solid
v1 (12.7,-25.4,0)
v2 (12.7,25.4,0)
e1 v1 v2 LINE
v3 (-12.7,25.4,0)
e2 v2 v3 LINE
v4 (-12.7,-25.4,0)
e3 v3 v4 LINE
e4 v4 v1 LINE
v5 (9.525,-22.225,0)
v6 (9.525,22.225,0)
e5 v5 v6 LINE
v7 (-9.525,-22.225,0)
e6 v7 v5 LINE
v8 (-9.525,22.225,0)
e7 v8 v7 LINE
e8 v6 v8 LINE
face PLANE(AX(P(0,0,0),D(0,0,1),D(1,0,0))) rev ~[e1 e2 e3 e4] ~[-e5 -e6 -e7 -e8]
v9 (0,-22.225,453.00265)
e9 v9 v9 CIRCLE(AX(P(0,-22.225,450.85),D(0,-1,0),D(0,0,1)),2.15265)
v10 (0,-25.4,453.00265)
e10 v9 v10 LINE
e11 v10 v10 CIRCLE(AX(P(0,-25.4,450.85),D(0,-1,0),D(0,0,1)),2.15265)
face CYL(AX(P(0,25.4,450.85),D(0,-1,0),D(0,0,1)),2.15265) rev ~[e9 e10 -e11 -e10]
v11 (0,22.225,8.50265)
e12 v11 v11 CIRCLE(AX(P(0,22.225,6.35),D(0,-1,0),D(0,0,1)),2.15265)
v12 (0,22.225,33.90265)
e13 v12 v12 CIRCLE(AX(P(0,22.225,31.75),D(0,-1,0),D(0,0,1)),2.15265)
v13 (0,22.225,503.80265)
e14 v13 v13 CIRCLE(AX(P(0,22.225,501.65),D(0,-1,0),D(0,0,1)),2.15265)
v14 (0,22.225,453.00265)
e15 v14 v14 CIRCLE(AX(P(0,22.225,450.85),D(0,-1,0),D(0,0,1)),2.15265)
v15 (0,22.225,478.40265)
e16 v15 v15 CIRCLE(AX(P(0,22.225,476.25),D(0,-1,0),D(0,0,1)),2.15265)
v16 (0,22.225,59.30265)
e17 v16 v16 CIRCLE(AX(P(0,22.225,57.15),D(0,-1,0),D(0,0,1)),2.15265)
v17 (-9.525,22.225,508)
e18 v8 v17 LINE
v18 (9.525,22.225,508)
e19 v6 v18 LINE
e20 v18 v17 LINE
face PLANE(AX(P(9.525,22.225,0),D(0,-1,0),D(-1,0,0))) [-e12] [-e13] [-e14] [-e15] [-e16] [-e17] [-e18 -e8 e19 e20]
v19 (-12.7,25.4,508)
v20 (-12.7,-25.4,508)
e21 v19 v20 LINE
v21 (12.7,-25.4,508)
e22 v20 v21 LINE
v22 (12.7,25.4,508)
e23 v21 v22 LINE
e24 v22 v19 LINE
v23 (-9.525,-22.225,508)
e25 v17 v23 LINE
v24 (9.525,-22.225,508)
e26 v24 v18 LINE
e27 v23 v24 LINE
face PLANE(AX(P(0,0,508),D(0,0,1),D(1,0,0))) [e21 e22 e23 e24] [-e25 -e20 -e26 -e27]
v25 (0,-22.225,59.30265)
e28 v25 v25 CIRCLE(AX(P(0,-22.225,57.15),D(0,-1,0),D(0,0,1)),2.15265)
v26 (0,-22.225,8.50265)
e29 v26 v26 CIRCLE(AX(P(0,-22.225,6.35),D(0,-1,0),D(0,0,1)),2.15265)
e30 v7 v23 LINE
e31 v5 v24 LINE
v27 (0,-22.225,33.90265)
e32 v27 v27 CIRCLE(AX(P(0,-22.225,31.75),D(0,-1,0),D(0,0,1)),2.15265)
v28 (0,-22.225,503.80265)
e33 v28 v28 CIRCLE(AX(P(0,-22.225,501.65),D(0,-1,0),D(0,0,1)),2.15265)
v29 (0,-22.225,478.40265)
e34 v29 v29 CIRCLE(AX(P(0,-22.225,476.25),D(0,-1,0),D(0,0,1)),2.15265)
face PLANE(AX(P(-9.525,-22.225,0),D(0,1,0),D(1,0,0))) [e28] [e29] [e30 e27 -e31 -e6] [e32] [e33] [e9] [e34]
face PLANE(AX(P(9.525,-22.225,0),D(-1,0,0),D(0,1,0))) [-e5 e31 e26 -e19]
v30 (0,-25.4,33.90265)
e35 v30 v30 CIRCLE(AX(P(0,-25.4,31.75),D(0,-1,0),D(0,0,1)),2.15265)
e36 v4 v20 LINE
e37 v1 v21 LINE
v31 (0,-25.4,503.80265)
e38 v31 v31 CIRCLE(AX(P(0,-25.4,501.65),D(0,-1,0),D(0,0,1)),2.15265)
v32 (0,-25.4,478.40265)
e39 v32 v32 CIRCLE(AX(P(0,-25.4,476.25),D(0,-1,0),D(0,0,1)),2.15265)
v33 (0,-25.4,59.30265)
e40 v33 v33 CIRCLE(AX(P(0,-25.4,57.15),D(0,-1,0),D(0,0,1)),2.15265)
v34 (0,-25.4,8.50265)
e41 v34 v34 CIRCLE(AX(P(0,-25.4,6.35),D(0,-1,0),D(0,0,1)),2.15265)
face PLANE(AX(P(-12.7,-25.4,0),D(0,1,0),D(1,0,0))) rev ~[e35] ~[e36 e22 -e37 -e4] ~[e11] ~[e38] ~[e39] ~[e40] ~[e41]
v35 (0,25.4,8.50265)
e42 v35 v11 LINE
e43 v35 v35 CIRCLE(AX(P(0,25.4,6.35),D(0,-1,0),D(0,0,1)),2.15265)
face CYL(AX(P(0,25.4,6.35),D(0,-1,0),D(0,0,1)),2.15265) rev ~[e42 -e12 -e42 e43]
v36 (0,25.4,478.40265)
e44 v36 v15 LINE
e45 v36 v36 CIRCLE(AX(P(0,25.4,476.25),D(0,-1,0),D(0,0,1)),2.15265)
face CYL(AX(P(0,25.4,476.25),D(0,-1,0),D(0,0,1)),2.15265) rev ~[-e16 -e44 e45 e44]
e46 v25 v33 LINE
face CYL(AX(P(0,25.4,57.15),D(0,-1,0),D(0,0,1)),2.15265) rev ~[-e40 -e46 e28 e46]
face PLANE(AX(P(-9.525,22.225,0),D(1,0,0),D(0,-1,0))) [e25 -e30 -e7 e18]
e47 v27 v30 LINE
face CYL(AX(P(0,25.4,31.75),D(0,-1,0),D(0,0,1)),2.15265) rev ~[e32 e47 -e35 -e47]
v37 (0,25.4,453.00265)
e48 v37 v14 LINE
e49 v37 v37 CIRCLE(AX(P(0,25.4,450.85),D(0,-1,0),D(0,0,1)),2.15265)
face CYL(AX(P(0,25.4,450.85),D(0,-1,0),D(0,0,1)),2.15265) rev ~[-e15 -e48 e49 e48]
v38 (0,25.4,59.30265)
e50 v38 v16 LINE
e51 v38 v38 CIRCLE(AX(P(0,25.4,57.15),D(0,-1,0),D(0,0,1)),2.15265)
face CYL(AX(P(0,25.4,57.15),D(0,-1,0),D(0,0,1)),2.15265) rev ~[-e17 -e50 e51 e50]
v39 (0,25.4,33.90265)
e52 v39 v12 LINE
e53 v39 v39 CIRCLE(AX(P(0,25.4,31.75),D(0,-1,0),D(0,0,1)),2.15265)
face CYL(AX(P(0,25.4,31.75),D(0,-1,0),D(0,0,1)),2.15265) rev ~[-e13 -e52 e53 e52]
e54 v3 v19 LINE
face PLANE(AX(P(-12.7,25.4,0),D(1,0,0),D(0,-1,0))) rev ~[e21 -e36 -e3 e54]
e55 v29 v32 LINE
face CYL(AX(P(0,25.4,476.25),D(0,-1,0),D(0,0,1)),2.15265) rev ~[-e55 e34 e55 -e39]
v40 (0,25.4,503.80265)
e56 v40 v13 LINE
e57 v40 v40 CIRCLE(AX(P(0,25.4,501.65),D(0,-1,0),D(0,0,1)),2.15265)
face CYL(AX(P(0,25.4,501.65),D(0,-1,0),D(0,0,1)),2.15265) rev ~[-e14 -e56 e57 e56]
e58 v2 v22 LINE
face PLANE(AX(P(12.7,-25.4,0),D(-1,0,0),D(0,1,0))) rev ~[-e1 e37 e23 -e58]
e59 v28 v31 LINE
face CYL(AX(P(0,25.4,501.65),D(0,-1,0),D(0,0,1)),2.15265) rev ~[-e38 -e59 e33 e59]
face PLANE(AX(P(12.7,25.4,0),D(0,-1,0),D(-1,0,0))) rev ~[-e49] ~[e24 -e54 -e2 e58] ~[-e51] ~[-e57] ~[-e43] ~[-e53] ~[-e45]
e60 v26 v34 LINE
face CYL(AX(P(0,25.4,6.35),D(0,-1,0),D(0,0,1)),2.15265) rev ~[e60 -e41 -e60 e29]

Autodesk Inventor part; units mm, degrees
ref_plane "YZ Plane" through (0, 0, 0) normal (1, 0, 0) x (0, 1, 0)
ref_plane "Start Plane" through (0, 0, 0) normal (0, 0, 1) x (1, 0, 0)
ref_plane "End Plane" through (0, 0, 508) normal (0, 0, 1) x (1, 0, 0)
sketch "Sketch" plane through (0, 0, 0) normal (0, 0, 1) x (1, 0, 0)
  line L0 (-12.7, -25.4) -> (12.7, -25.4)
  line L1 (12.7, -25.4) -> (12.7, 25.4)
  line L2 (12.7, 25.4) -> (-12.7, 25.4)
  line L3 (-12.7, 25.4) -> (-12.7, -25.4)
  line L4 (-12.7, -25.4) -> (12.7, 25.4) construction
  line L5 (12.7, -25.4) -> (-12.7, 25.4) construction
  line L6 (-9.525, -22.225) -> (9.525, -22.225)
  line L7 (9.525, -22.225) -> (9.525, 22.225)
  line L8 (9.525, 22.225) -> (-9.525, 22.225)
  line L9 (-9.525, 22.225) -> (-9.525, -22.225)
  line L10 (-9.525, -22.225) -> (9.525, 22.225) construction
  line L11 (9.525, -22.225) -> (-9.525, 22.225) construction
  point P0 (0, 0)
  dimension "d0" = 25.4
  dimension "d1" = 50.8
  dimension "d2" = 3.175
  dimension "d3" = 3.175
extrude "Body" add sketch "Sketch" along normal up to surface (508 mm away) from surface at 0
sketch "Sketch6" plane through (0, 0, 0) normal (0, 0, 1) x (1, 0, 0)
  line L0 (0, 0) -> (10, 0)
ref_plane "Work Plane5" through (0, 0, 0) normal (0, -1, 0) x (1, 0, 0)
sketch "Sketch7" plane through (0, 0, 0) normal (0, -1, 0) x (1, 0, 0)
  line L0 (-2, 0) -> (12, 0)
  line L1 (-2, 508) -> (12, 508)
  dimension "d11" = 508
sketch "Sketch8" plane through (-12.7, 25.4, 508) normal (0, 1, 0) x (1, 0, 0)
  point P0 (12.7, 508)
sketch "Sketch9" plane through (-12.7, 25.4, 508) normal (0, 1, 0) x (1, 0, 0)
  line L0 (0, 508) -> (25.4, 508) projected
  line L1 (0, 0) -> (25.4, 0) projected
  point P0 (12.7, 508)
  point P1 (12.7, 501.65)
  point P2 (12.7, 476.25)
  point P3 (12.7, 450.85)
  point P4 (12.7, 6.35)
  point P5 (12.7, 31.75)
  point P6 (12.7, 57.15)
  dimension "d16" = 6.35
  dimension "d17" = 25.4
  dimension "d18" = 25.4
  dimension "d19" = 6.35
  dimension "d20" = 25.4
  dimension "d21" = 25.4
hole "Hole1" at (0, 25.4, 501.65) at (0, 25.4, 476.25) at (0, 25.4, 450.85) at (0, 25.4, 6.35) at (0, 25.4, 31.75) at (0, 25.4, 57.15) direction (0, -1, 0) diameter 4.3053 depth 50.8 tip angle 118 clearance for "Pop Rivet" size "5/32" standard "4859 Fastners"
equation "\"d0\" = Width"
equation "\"d1\" = Height"
equation "\"d2\" = Thickness"
equation "\"d3\" = Thickness"
equation "\"Height\" = 50.8"
equation "\"Width\" = 25.4"
equation "\"Thickness\" = 3.175"
equation "\"BaseLength\" = 508"
equation "\"G_OFFSET_START\" = 0"
equation "\"G_OFFSET_END\" = 0"
equation "\"d7\" = BaseLength + G_OFFSET_END"
equation "\"G_L\" = d11"
properties part number "AL RECT TUBE 2 x 1 x 0.125" material "Aluminum 6061"
